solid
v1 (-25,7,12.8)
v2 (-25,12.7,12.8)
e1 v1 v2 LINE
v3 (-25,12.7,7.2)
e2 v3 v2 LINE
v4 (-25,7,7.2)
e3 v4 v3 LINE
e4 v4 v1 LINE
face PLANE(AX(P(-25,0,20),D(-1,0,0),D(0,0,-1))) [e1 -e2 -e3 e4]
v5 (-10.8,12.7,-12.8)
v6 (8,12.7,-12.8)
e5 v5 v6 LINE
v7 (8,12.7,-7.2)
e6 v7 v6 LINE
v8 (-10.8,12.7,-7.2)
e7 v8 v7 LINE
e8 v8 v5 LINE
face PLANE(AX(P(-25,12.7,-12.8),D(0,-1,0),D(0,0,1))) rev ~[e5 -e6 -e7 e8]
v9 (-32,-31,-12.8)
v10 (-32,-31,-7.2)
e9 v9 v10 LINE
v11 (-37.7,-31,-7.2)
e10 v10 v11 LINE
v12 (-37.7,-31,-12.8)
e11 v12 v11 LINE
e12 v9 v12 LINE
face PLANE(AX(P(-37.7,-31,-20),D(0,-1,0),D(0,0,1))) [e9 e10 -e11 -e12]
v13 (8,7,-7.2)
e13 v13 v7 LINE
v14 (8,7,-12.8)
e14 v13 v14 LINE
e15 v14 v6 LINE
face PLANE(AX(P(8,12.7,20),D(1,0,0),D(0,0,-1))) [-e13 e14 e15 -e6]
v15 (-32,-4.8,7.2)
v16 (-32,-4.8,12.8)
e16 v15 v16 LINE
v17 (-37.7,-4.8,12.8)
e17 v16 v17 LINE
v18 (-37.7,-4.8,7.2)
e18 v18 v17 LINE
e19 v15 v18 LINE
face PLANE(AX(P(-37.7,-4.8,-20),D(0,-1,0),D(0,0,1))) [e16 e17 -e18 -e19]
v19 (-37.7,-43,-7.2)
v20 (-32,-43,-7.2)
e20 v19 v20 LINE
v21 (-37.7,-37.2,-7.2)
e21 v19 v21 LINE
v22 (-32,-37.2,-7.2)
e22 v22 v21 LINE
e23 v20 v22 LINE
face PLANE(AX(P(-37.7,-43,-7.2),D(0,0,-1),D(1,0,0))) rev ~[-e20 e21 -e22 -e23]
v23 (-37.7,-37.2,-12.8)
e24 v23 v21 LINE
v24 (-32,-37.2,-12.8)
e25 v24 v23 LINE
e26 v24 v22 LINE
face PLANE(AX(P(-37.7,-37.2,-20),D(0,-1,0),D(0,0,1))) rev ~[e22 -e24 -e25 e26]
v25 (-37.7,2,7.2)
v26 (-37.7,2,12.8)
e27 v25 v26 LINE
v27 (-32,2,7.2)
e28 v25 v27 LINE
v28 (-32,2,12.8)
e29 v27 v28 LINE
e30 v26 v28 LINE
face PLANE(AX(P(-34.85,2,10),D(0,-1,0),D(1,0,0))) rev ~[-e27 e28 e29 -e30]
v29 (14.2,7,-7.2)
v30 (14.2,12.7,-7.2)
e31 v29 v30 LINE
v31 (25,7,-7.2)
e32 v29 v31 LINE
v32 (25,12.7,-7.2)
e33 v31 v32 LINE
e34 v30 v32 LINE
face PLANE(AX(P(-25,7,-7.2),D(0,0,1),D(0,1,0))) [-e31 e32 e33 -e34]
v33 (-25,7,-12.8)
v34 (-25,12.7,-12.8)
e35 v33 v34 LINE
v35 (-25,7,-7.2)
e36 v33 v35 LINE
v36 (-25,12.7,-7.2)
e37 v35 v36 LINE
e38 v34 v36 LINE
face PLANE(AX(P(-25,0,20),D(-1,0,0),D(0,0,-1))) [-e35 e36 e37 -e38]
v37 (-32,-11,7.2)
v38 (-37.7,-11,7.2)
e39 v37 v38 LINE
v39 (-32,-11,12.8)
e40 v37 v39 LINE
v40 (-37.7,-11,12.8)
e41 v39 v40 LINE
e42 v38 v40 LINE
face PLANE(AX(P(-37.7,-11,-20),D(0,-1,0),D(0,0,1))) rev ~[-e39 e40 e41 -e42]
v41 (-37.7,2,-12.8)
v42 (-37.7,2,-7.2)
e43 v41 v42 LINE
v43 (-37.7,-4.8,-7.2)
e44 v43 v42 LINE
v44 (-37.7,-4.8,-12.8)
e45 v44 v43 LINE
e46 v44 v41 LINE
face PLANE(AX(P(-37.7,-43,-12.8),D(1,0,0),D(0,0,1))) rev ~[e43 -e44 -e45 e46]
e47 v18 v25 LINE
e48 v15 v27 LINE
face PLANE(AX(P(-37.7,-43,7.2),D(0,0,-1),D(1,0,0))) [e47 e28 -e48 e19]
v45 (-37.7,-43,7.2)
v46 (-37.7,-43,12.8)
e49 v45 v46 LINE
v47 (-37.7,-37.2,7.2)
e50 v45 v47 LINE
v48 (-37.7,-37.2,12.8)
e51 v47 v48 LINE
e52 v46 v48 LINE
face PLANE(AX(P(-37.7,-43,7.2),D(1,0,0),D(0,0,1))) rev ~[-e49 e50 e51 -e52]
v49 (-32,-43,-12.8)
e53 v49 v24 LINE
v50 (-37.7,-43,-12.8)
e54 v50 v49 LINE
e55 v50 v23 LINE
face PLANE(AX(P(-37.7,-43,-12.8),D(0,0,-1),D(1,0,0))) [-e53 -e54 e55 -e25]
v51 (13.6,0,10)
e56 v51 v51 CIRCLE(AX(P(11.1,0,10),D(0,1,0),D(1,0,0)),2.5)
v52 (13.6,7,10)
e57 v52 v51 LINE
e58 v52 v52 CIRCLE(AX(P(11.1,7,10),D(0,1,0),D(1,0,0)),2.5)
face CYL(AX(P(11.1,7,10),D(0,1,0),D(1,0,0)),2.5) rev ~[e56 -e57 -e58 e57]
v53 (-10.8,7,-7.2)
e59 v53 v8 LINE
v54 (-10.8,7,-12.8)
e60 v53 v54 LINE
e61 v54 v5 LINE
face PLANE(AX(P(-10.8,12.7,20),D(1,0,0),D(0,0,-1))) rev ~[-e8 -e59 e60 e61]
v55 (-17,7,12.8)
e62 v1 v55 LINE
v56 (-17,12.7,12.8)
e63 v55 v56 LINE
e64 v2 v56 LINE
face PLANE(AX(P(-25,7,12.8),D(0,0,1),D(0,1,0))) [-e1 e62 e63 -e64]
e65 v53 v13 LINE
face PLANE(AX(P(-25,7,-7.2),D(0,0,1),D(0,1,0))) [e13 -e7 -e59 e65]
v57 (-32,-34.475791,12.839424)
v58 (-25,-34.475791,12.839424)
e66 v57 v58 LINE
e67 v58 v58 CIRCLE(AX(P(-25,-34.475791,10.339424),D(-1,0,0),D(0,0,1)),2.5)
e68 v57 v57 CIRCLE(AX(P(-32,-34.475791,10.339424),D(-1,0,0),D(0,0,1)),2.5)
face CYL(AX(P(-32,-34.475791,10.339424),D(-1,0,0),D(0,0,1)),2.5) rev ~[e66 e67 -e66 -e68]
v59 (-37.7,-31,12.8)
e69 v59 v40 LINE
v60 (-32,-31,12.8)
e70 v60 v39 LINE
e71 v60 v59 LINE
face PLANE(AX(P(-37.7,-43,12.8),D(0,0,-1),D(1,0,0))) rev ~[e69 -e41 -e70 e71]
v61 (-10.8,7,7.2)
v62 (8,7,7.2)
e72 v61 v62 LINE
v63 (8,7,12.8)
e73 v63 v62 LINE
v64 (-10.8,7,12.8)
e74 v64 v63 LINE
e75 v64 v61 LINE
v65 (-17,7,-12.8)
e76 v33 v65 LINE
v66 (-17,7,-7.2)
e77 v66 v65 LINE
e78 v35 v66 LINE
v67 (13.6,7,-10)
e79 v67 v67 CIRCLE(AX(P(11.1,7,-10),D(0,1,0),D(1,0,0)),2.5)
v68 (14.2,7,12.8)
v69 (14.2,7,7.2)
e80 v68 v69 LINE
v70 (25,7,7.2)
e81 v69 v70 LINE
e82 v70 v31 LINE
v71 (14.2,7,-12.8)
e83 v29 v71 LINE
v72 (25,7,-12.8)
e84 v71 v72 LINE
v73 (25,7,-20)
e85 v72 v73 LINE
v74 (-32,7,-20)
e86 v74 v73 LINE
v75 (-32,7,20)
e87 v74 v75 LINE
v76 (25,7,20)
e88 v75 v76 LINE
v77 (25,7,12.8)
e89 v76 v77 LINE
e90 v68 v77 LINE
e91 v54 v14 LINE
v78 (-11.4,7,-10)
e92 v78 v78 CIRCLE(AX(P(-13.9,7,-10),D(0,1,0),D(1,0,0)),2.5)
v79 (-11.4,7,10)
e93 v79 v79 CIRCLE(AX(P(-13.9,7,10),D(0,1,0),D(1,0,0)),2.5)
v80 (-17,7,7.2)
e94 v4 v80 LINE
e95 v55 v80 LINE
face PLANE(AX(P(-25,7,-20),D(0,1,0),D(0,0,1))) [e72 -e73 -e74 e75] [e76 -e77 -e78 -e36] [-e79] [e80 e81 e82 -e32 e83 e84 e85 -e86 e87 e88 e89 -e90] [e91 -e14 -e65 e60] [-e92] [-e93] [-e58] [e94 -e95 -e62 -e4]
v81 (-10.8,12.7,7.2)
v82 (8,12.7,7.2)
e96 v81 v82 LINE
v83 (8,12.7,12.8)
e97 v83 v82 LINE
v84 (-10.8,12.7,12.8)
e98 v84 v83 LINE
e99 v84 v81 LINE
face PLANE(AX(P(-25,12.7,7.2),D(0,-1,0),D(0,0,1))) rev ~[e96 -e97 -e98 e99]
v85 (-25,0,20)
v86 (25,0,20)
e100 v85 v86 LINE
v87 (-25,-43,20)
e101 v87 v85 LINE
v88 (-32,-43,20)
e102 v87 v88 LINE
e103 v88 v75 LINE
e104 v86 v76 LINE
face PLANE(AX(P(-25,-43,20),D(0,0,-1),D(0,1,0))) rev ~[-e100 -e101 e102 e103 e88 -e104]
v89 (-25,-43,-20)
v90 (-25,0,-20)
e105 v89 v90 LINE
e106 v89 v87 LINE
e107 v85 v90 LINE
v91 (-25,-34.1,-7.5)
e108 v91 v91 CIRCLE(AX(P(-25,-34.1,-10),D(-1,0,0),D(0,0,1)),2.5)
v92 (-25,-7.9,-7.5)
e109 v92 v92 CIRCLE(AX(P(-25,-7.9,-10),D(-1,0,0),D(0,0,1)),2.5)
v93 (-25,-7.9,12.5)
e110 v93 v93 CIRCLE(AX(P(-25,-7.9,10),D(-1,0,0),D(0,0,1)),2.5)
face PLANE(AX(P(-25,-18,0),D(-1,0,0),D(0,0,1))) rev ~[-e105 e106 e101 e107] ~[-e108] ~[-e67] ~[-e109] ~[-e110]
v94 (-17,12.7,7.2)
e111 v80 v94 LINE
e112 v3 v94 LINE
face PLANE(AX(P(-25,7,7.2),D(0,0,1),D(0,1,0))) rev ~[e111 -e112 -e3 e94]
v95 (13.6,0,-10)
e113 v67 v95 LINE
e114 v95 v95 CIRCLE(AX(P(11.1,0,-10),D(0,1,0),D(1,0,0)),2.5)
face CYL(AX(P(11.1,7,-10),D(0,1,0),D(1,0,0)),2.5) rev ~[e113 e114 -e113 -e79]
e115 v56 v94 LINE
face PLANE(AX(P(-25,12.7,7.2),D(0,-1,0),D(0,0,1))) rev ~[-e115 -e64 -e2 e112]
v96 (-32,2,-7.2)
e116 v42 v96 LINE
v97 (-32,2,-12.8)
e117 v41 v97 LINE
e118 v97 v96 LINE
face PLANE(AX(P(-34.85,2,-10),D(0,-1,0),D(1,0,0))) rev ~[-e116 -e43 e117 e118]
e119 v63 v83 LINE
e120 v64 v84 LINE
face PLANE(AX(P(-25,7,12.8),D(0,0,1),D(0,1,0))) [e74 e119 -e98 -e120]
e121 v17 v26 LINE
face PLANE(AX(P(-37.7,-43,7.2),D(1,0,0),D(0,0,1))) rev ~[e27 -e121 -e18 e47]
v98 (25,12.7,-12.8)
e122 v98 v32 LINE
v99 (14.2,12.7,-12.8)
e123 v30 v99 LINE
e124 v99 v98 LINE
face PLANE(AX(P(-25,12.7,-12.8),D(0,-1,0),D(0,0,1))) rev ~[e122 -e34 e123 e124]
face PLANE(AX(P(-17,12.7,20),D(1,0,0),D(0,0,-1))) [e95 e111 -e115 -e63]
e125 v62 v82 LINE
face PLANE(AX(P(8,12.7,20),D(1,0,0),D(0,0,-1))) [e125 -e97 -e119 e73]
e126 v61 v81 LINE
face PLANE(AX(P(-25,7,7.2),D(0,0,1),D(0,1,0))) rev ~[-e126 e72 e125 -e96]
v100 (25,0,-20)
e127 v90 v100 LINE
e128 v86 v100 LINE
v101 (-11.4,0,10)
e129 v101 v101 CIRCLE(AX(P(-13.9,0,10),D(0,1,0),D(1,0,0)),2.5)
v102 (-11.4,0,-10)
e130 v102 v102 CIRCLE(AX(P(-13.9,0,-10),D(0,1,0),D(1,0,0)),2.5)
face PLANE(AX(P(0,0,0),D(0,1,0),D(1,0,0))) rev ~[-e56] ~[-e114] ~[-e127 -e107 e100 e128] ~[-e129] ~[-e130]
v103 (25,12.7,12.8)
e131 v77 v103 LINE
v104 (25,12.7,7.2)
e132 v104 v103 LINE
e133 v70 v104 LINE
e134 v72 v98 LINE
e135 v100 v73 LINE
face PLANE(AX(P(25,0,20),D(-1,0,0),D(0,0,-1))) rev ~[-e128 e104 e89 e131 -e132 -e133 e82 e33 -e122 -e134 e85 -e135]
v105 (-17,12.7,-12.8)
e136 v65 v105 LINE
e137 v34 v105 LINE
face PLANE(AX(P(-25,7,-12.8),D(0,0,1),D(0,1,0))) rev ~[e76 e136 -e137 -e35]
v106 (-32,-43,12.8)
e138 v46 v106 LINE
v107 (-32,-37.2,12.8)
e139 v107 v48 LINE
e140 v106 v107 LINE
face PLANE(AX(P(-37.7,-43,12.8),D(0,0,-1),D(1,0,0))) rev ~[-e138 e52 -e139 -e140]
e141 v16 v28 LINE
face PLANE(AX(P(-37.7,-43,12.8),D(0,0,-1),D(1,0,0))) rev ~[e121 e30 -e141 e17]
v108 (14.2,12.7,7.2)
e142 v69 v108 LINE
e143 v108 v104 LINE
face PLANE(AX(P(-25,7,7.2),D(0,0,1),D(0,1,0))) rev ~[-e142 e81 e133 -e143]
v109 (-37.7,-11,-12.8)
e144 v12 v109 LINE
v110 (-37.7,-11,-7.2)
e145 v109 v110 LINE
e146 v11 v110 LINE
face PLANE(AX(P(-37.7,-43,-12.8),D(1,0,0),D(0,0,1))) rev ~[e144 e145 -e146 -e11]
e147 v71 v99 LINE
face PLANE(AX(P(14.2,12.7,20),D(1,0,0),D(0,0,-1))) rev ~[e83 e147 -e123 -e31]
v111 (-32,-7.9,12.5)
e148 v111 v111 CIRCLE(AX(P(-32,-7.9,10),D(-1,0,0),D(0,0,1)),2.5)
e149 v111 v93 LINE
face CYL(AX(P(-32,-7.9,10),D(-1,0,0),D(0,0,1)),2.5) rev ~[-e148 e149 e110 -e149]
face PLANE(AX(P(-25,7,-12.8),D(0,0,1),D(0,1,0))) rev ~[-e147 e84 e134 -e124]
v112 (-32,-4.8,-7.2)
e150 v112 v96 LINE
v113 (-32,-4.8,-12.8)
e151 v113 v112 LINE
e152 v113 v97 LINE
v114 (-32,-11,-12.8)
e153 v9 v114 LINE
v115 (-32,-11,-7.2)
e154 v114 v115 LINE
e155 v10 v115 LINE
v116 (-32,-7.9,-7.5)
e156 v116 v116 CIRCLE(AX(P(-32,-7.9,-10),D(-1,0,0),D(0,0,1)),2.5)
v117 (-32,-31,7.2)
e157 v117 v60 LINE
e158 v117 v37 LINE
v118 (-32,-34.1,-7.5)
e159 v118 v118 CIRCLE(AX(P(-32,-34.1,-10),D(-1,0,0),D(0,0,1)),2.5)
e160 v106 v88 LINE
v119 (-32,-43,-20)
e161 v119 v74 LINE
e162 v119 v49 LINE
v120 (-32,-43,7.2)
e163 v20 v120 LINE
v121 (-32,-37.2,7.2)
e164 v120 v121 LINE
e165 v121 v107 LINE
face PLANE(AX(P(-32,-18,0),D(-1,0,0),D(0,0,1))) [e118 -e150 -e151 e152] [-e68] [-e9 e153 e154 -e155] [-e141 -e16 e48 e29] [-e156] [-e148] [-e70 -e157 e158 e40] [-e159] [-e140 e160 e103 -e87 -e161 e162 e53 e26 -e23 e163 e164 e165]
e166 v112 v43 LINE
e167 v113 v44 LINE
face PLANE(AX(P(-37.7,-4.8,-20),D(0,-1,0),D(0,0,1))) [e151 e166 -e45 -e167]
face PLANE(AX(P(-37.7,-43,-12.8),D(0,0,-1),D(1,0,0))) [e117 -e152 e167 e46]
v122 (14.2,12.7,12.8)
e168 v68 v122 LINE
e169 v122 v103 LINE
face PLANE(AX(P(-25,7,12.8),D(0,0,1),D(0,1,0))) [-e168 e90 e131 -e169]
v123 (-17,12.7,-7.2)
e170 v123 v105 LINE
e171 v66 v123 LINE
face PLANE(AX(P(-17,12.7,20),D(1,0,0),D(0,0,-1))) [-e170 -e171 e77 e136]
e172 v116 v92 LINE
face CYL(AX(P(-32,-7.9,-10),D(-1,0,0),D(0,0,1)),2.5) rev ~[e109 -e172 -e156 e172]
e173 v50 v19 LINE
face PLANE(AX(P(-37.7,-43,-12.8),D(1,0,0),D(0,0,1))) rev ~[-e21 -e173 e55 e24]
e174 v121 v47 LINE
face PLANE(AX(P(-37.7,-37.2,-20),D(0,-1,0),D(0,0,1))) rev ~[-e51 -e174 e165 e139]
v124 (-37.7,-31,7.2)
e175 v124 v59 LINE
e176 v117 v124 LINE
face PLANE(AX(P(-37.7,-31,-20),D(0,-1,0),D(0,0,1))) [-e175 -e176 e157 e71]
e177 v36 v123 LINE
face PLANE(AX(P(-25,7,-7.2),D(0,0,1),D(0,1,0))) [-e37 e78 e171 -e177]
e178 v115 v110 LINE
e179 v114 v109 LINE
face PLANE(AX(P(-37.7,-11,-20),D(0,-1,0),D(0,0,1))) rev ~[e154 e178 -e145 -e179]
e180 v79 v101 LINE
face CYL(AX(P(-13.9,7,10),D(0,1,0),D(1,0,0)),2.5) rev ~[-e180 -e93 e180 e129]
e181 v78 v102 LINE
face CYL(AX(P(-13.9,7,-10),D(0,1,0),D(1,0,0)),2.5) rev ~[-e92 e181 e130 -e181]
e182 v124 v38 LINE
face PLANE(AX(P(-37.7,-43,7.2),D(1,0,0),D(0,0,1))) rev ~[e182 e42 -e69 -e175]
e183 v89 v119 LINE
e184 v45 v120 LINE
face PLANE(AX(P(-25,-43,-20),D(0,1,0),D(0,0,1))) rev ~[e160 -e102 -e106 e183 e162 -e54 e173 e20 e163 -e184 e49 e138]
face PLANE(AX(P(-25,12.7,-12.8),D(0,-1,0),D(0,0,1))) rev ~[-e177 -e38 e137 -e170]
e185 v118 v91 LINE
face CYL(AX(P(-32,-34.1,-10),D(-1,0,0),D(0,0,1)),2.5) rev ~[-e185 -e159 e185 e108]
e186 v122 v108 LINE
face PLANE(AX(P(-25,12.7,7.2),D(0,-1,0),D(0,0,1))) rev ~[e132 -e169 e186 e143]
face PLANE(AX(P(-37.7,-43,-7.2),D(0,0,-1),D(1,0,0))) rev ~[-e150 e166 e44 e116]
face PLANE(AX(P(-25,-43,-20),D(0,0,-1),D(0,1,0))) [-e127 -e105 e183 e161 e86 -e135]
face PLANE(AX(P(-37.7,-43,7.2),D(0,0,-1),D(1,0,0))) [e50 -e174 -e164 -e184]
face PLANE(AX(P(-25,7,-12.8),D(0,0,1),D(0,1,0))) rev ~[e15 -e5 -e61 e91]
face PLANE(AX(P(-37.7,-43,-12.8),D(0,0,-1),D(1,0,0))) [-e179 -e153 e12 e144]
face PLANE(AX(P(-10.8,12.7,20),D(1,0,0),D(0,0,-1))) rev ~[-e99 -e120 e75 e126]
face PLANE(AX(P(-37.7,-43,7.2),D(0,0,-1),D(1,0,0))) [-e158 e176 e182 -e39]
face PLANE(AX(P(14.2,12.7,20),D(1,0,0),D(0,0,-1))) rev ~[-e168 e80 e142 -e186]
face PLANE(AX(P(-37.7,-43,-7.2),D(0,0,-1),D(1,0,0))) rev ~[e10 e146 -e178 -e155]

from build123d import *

# Parameters (mm, degrees)
CROQUIS1_W              = 50
CROQUIS1_H              = 40
SALIENTE_EXTRUIR1_DEPTH = 7
CROQUIS3_W              = 5.6
CROQUIS3_H              = 5.7
SALIENTE_EXTRUIR3_DEPTH = 50
CROQUIS9_W              = 40
CROQUIS9_H              = 50
SALIENTE_EXTRUIR8_DEPTH = 7
CROQUIS10_W             = 5.7
CROQUIS10_H             = 5.6
SALIENTE_EXTRUIR9_DEPTH = 45
CROQUIS18_W             = 40
CROQUIS18_H             = 6.2
CORTAR_EXTRUIR4_DEPTH   = 5.7
CROQUIS19_W             = 6.2
CROQUIS19_H             = 40
CORTAR_EXTRUIR5_DEPTH   = 5.7
CROQUIS20_R             = 2.5
CORTAR_EXTRUIR6_DEPTH   = 7
CROQUIS21_R             = 2.5
CORTAR_EXTRUIR7_DEPTH   = 7


with BuildPart() as part:
    # Croquis1 → Saliente-Extruir1 (new body)
    with BuildSketch(Plane(origin=(0, 0, 0), x_dir=(1, 0, 0), z_dir=(0, 1, 0))):
        Rectangle(CROQUIS1_W, CROQUIS1_H)
    extrude(amount=SALIENTE_EXTRUIR1_DEPTH)

    # Croquis3 → Saliente-Extruir3 (add)
    with BuildSketch(Plane.ZY.offset(25)):
        with Locations((10, 9.85)):
            Rectangle(CROQUIS3_W, CROQUIS3_H)
        with Locations((-10, 9.85)):
            Rectangle(CROQUIS3_W, CROQUIS3_H)
    extrude(amount=-SALIENTE_EXTRUIR3_DEPTH)

    # Croquis9 → Saliente-Extruir8 (add)
    with BuildSketch(Plane.ZY.offset(25)):
        with Locations((0, -18)):
            Rectangle(CROQUIS9_W, CROQUIS9_H)
    extrude(amount=SALIENTE_EXTRUIR8_DEPTH)

    # Croquis10 → Saliente-Extruir9 (add)
    with BuildSketch(Plane.XZ.offset(43)):
        with Locations((-34.85, 10)):
            Rectangle(CROQUIS10_W, CROQUIS10_H)
        with Locations((-34.85, -10)):
            Rectangle(CROQUIS10_W, CROQUIS10_H)
    extrude(amount=-SALIENTE_EXTRUIR9_DEPTH)

    # Croquis18 → Cortar-Extruir4 (cut)
    with BuildSketch(Plane.ZY.offset(37.7)):
        with Locations((0, -34.1)):
            Rectangle(CROQUIS18_W, CROQUIS18_H)
        with Locations((0, -7.9)):
            Rectangle(CROQUIS18_W, CROQUIS18_H)
    extrude(amount=-CORTAR_EXTRUIR4_DEPTH, mode=Mode.SUBTRACT)

    # Croquis19 → Cortar-Extruir5 (cut)
    with BuildSketch(Plane(origin=(0, 12.7, 0), x_dir=(1, 0, 0), z_dir=(0, 1, 0))):
        with Locations((-13.9, 0)):
            Rectangle(CROQUIS19_W, CROQUIS19_H)
        with Locations((11.1, 0)):
            Rectangle(CROQUIS19_W, CROQUIS19_H)
    extrude(amount=-CORTAR_EXTRUIR5_DEPTH, mode=Mode.SUBTRACT)

    # Croquis20 → Cortar-Extruir6 (cut)
    with BuildSketch(Plane(origin=(0, 7, 0), x_dir=(1, 0, 0), z_dir=(0, 1, 0))):
        with Locations((-13.9, 10)):
            Circle(CROQUIS20_R)
        with Locations((11.1, 10)):
            Circle(CROQUIS20_R)
        with Locations((11.1, -10)):
            Circle(CROQUIS20_R)
        with Locations((-13.9, -10)):
            Circle(CROQUIS20_R)
    extrude(amount=-CORTAR_EXTRUIR6_DEPTH, mode=Mode.SUBTRACT)

    # Croquis21 → Cortar-Extruir7 (cut)
    with BuildSketch(Plane.ZY.offset(32)):
        with Locations((-10, -7.9)):
            Circle(CROQUIS21_R)
        with Locations((10, -7.9)):
            Circle(CROQUIS21_R)
        with Locations((10.339424261, -34.475791146)):
            Circle(CROQUIS21_R)
        with Locations((-10, -34.1)):
            Circle(CROQUIS21_R)
    extrude(amount=-CORTAR_EXTRUIR7_DEPTH, mode=Mode.SUBTRACT)


solid = part.part
